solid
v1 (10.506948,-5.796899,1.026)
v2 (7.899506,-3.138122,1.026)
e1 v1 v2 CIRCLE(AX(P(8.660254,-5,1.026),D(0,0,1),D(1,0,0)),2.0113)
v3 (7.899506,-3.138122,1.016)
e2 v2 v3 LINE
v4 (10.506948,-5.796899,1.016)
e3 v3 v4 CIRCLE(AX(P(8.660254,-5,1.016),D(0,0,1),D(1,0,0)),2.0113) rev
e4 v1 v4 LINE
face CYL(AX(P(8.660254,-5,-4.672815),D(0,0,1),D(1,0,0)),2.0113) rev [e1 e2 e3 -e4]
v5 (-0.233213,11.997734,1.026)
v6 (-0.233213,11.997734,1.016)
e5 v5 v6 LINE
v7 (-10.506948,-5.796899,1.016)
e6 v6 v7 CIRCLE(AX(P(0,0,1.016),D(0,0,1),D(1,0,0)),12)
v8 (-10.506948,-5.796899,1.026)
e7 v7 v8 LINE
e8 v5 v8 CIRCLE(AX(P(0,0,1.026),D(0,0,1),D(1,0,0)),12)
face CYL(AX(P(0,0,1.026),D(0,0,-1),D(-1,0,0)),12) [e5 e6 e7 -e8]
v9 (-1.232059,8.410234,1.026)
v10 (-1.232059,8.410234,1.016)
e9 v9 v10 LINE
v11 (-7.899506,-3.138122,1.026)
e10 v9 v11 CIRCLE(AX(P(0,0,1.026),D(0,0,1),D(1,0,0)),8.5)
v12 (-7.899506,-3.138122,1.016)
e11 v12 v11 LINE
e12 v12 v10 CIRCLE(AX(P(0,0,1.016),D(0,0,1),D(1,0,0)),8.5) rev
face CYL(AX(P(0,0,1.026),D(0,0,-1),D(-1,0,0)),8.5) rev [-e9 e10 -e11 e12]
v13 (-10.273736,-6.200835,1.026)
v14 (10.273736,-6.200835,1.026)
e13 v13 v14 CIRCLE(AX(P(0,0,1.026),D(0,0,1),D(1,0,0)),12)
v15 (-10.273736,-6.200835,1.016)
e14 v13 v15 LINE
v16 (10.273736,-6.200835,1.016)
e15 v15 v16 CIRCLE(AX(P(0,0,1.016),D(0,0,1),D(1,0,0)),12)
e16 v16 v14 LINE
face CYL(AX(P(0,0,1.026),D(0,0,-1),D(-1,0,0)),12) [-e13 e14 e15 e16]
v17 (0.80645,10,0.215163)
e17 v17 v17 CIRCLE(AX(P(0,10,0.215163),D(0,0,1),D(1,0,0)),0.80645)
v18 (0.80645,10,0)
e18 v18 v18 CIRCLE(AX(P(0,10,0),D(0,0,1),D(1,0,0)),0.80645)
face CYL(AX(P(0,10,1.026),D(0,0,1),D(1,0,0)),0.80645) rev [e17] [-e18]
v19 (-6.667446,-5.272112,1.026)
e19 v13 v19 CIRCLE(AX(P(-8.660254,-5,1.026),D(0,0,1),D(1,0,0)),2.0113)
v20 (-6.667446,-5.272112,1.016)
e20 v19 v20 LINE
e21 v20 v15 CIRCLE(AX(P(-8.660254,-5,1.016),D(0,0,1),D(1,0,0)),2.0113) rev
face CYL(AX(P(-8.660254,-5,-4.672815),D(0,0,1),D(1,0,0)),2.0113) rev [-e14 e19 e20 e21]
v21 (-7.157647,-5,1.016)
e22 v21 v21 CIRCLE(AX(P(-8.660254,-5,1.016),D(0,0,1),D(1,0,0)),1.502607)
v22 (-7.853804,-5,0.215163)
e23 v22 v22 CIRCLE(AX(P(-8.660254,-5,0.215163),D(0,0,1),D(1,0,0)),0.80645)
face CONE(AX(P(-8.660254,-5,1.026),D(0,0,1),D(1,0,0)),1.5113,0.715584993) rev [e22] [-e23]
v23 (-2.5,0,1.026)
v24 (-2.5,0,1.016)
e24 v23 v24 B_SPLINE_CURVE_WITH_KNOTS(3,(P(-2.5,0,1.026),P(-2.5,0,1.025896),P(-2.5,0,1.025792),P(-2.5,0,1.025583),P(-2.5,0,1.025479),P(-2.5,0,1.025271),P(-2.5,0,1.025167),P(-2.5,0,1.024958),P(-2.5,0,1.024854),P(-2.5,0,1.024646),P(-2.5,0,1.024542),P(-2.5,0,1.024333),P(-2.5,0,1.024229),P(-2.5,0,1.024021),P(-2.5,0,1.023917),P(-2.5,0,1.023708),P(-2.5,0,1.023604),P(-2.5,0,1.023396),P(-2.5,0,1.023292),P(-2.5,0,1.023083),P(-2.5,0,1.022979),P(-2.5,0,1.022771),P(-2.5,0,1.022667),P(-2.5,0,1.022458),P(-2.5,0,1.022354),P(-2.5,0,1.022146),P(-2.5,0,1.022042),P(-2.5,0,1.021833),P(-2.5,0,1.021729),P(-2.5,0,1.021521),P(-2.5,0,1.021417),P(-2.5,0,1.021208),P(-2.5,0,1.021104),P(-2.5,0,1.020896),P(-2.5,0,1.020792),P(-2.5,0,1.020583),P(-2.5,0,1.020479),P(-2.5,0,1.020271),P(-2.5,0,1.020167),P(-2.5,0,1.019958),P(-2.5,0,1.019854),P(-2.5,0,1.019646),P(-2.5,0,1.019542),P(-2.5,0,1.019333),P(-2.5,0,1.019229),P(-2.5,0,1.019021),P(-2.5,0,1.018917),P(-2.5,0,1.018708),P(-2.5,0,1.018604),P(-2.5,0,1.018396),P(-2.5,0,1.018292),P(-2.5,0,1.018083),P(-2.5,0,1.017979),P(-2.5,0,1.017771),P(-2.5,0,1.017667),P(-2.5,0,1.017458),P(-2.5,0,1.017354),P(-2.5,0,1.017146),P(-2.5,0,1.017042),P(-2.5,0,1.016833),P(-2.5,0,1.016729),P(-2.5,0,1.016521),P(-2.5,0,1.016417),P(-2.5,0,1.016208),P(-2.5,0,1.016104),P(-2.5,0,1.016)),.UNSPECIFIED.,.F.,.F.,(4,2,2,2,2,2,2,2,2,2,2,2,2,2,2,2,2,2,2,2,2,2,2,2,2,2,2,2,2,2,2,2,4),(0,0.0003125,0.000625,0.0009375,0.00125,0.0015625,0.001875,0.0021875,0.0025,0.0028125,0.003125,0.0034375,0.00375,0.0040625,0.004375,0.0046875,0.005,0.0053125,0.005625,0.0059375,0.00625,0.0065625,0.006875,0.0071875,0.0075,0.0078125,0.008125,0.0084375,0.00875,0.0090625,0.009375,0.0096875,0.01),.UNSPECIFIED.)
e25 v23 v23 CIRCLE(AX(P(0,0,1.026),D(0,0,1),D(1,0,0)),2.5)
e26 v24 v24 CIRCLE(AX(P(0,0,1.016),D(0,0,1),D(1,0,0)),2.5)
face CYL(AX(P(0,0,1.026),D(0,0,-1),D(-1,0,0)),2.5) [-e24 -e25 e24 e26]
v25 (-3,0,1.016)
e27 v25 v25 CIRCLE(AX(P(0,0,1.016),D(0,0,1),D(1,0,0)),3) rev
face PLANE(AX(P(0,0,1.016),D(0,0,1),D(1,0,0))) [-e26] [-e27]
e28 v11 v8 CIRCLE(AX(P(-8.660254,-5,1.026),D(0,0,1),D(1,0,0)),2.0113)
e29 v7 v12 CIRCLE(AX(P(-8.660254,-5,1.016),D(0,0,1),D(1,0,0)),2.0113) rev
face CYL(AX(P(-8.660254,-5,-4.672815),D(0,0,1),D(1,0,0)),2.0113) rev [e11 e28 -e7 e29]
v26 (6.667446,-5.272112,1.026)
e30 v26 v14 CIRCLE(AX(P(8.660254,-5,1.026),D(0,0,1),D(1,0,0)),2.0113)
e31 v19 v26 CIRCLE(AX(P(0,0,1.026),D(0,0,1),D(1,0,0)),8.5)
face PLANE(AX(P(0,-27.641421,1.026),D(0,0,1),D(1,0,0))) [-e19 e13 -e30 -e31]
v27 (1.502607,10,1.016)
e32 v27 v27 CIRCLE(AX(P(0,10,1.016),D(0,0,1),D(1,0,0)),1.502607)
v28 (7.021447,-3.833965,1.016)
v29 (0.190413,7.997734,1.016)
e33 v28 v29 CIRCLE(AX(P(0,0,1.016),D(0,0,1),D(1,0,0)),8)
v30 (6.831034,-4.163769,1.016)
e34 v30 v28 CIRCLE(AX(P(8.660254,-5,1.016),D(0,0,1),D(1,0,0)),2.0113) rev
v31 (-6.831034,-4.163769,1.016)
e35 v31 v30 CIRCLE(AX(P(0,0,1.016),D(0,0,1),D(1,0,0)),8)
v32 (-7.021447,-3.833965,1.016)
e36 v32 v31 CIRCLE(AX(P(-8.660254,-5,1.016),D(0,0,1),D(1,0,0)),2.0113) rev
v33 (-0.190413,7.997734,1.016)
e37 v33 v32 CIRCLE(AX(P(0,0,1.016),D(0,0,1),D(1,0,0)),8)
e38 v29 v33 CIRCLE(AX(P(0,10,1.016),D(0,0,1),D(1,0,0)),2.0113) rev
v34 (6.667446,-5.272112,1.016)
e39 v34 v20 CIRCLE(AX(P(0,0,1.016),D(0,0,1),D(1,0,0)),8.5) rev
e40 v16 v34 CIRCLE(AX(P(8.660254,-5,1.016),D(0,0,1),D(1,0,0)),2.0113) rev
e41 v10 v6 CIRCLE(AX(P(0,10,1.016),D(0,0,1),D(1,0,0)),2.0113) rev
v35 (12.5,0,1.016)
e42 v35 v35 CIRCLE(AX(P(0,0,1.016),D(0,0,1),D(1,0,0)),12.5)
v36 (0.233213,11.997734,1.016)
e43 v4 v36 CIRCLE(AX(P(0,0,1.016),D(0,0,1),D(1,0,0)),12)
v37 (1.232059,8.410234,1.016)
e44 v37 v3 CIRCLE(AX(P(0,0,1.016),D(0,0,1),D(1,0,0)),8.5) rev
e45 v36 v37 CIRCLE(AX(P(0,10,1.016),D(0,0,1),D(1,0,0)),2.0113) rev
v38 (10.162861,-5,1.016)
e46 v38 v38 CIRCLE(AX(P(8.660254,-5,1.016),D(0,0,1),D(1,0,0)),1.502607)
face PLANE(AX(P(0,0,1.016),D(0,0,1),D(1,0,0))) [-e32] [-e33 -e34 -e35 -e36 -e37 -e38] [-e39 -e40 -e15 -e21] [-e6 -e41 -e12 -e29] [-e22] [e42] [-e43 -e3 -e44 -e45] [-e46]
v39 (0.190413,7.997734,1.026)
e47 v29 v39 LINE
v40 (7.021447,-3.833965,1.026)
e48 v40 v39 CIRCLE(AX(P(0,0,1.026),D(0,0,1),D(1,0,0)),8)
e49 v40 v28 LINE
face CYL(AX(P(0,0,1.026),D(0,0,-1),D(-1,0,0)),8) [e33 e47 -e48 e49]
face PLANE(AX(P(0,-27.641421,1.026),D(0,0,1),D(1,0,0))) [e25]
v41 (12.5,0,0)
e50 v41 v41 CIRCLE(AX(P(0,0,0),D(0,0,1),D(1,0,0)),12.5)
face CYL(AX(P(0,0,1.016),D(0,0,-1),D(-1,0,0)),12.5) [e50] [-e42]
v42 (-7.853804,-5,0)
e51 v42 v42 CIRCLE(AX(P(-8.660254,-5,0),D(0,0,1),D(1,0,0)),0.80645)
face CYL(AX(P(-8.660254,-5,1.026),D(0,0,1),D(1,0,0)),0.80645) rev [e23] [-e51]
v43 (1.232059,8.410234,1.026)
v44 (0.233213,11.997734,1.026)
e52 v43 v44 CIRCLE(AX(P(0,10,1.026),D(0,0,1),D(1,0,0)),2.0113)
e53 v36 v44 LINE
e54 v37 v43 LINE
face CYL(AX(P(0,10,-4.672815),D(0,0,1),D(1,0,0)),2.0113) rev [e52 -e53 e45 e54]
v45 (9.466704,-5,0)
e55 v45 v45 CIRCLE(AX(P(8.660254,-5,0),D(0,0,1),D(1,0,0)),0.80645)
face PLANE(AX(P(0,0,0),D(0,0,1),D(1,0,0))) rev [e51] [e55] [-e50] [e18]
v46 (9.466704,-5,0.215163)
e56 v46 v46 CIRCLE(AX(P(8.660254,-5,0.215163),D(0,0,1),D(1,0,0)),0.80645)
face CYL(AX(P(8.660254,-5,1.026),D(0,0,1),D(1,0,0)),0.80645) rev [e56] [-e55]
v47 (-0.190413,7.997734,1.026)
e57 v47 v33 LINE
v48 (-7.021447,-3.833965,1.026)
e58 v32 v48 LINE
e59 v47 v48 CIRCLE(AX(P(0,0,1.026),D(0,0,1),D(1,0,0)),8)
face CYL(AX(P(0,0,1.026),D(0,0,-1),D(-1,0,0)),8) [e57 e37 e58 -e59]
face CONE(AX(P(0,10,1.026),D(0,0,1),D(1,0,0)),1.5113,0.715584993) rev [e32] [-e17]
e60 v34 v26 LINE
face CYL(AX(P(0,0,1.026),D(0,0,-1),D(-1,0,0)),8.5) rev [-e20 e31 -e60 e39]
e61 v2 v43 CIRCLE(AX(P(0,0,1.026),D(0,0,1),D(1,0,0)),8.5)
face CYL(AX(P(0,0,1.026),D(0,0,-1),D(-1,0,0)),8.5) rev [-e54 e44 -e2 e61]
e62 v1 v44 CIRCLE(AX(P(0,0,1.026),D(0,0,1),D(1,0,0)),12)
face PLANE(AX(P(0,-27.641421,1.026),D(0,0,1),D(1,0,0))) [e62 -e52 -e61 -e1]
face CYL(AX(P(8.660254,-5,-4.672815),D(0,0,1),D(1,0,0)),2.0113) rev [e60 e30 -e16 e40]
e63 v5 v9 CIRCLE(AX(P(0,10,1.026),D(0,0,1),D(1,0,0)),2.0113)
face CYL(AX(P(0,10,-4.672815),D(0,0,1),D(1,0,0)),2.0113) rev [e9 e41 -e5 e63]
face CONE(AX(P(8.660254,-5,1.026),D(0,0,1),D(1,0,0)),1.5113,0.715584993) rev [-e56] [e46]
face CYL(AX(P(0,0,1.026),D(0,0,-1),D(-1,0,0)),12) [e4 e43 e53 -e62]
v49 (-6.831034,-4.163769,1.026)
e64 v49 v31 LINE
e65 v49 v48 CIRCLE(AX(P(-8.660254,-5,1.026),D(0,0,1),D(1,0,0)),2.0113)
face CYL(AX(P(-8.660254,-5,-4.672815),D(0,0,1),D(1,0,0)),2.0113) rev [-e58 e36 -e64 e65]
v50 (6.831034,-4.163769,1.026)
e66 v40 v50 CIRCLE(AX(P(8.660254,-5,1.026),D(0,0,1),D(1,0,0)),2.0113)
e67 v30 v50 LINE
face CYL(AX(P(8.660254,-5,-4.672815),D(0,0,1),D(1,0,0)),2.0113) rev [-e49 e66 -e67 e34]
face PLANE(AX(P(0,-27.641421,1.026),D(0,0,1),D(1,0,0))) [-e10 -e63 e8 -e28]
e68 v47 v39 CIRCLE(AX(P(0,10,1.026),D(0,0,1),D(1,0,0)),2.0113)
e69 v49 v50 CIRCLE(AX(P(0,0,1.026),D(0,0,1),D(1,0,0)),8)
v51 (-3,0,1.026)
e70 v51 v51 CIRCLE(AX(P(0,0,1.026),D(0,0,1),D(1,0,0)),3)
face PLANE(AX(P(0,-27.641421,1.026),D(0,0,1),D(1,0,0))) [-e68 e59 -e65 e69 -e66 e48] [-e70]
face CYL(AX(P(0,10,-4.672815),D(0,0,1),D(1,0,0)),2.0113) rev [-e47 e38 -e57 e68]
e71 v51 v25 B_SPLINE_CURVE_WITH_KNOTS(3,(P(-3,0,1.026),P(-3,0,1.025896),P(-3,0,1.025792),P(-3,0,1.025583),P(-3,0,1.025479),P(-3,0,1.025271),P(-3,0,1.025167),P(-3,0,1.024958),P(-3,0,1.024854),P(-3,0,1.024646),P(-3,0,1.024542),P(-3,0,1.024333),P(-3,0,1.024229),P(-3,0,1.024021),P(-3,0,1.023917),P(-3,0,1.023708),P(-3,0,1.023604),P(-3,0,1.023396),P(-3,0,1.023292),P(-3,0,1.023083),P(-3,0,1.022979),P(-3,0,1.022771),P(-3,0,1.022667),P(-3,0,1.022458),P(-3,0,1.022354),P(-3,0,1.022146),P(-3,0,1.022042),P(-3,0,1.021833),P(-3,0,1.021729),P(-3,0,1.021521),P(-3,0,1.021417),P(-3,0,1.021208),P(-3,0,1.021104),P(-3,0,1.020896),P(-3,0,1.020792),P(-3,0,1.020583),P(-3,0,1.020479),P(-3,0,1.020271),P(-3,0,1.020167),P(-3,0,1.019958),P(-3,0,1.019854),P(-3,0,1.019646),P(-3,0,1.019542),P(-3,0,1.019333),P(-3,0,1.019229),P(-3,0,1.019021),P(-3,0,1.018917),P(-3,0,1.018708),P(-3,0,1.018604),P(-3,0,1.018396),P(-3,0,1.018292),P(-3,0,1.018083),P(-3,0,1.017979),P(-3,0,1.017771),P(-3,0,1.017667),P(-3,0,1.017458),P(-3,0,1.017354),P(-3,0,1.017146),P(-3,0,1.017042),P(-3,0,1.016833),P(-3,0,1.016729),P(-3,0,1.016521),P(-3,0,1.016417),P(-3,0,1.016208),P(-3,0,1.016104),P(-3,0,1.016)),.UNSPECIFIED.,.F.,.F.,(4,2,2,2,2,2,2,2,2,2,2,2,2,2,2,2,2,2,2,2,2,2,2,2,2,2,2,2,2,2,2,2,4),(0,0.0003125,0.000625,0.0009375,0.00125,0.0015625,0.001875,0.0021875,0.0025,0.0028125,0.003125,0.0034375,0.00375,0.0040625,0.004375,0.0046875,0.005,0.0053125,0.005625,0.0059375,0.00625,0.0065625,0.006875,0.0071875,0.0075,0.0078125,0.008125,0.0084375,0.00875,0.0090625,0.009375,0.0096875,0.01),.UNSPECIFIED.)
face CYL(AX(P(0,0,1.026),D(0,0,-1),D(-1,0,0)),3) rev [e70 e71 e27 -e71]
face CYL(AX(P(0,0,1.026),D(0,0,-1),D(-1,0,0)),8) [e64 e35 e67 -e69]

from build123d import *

# Parameters (mm, degrees)
SKETCH1_R         = 12.5
EXTRUDE1_DEPTH    = 1.016
SKETCH2_R         = 12
SKETCH2_R_2       = 8.5
SKETCH2_R_3       = 8
SKETCH2_R_4       = 3
SKETCH2_R_5       = 2.5
EXTRUDE2_DEPTH    = 0.01
CIRPATTERN1_COUNT = 3
SKETCH6_R         = 2.0113
EXTRUDE5_DEPTH    = 0.01


with BuildPart() as part:
    # Sketch1 → Extrude1 (new body)
    with BuildSketch(Plane.XY):
        Circle(SKETCH1_R)
    extrude(amount=EXTRUDE1_DEPTH)

    # Sketch2 → Extrude2 (add)
    # profile 1 of 3: a face of its own
    with BuildSketch(Plane.XY.offset(1.016)):
        with Locations(Location((0, 0, 0), (0, 0, 180))):
            Circle(SKETCH2_R)
        with Locations(Location((0, 0, 0), (0, 0, 180))):
            Circle(SKETCH2_R_2, mode=Mode.SUBTRACT)
    # profile 2 of 3: a face of its own
    with BuildSketch(Plane.XY.offset(1.016)):
        with Locations(Location((0, 0, 0), (0, 0, 180))):
            Circle(SKETCH2_R_3)
        with Locations(Location((0, 0, 0), (0, 0, 180))):
            Circle(SKETCH2_R_4, mode=Mode.SUBTRACT)
    # profile 3 of 3: a face of its own
    with BuildSketch(Plane.XY.offset(1.016)):
        with Locations(Location((0, 0, 0), (0, 0, 180))):
            Circle(SKETCH2_R_5)
    extrude(amount=EXTRUDE2_DEPTH)

    # Sketch4 → CSK for #0 Flat Head Machine Screw1 (revolve, cut)
    with BuildSketch(Plane(origin=(0, 10, 1.026), x_dir=(0, -1, 0), z_dir=(1, 0, 0))):
        Polygon((0, 0), (0, 1.026), (0.80645, 1.026), (0.80645, 0.810837172), (1.5113, 0), align=None)
    csk_for_0_flat_head_machine_screw1 = revolve(axis=Axis((0, 10, 7.376), (0, 0, -1)), mode=Mode.SUBTRACT)

    # CirPattern1: CSK for #0 Flat Head Machine Screw1 ×3 about axis
    cirpattern1_axis = Axis((0, 0, 0), (0, 0, 1))
    for i in range(1, CIRPATTERN1_COUNT):
        add(csk_for_0_flat_head_machine_screw1.rotate(cirpattern1_axis, i * 360 / CIRPATTERN1_COUNT), mode=Mode.SUBTRACT)

    # Sketch6 → Extrude5 (cut)
    with BuildSketch(Plane.XY.offset(1.026)):
        with Locations((0, 10)):
            Circle(SKETCH6_R)
        with Locations((-8.660254038, -5)):
            Circle(SKETCH6_R)
        with Locations((8.660254038, -5)):
            Circle(SKETCH6_R)
    extrude(amount=-EXTRUDE5_DEPTH, mode=Mode.SUBTRACT)


solid = part.part
